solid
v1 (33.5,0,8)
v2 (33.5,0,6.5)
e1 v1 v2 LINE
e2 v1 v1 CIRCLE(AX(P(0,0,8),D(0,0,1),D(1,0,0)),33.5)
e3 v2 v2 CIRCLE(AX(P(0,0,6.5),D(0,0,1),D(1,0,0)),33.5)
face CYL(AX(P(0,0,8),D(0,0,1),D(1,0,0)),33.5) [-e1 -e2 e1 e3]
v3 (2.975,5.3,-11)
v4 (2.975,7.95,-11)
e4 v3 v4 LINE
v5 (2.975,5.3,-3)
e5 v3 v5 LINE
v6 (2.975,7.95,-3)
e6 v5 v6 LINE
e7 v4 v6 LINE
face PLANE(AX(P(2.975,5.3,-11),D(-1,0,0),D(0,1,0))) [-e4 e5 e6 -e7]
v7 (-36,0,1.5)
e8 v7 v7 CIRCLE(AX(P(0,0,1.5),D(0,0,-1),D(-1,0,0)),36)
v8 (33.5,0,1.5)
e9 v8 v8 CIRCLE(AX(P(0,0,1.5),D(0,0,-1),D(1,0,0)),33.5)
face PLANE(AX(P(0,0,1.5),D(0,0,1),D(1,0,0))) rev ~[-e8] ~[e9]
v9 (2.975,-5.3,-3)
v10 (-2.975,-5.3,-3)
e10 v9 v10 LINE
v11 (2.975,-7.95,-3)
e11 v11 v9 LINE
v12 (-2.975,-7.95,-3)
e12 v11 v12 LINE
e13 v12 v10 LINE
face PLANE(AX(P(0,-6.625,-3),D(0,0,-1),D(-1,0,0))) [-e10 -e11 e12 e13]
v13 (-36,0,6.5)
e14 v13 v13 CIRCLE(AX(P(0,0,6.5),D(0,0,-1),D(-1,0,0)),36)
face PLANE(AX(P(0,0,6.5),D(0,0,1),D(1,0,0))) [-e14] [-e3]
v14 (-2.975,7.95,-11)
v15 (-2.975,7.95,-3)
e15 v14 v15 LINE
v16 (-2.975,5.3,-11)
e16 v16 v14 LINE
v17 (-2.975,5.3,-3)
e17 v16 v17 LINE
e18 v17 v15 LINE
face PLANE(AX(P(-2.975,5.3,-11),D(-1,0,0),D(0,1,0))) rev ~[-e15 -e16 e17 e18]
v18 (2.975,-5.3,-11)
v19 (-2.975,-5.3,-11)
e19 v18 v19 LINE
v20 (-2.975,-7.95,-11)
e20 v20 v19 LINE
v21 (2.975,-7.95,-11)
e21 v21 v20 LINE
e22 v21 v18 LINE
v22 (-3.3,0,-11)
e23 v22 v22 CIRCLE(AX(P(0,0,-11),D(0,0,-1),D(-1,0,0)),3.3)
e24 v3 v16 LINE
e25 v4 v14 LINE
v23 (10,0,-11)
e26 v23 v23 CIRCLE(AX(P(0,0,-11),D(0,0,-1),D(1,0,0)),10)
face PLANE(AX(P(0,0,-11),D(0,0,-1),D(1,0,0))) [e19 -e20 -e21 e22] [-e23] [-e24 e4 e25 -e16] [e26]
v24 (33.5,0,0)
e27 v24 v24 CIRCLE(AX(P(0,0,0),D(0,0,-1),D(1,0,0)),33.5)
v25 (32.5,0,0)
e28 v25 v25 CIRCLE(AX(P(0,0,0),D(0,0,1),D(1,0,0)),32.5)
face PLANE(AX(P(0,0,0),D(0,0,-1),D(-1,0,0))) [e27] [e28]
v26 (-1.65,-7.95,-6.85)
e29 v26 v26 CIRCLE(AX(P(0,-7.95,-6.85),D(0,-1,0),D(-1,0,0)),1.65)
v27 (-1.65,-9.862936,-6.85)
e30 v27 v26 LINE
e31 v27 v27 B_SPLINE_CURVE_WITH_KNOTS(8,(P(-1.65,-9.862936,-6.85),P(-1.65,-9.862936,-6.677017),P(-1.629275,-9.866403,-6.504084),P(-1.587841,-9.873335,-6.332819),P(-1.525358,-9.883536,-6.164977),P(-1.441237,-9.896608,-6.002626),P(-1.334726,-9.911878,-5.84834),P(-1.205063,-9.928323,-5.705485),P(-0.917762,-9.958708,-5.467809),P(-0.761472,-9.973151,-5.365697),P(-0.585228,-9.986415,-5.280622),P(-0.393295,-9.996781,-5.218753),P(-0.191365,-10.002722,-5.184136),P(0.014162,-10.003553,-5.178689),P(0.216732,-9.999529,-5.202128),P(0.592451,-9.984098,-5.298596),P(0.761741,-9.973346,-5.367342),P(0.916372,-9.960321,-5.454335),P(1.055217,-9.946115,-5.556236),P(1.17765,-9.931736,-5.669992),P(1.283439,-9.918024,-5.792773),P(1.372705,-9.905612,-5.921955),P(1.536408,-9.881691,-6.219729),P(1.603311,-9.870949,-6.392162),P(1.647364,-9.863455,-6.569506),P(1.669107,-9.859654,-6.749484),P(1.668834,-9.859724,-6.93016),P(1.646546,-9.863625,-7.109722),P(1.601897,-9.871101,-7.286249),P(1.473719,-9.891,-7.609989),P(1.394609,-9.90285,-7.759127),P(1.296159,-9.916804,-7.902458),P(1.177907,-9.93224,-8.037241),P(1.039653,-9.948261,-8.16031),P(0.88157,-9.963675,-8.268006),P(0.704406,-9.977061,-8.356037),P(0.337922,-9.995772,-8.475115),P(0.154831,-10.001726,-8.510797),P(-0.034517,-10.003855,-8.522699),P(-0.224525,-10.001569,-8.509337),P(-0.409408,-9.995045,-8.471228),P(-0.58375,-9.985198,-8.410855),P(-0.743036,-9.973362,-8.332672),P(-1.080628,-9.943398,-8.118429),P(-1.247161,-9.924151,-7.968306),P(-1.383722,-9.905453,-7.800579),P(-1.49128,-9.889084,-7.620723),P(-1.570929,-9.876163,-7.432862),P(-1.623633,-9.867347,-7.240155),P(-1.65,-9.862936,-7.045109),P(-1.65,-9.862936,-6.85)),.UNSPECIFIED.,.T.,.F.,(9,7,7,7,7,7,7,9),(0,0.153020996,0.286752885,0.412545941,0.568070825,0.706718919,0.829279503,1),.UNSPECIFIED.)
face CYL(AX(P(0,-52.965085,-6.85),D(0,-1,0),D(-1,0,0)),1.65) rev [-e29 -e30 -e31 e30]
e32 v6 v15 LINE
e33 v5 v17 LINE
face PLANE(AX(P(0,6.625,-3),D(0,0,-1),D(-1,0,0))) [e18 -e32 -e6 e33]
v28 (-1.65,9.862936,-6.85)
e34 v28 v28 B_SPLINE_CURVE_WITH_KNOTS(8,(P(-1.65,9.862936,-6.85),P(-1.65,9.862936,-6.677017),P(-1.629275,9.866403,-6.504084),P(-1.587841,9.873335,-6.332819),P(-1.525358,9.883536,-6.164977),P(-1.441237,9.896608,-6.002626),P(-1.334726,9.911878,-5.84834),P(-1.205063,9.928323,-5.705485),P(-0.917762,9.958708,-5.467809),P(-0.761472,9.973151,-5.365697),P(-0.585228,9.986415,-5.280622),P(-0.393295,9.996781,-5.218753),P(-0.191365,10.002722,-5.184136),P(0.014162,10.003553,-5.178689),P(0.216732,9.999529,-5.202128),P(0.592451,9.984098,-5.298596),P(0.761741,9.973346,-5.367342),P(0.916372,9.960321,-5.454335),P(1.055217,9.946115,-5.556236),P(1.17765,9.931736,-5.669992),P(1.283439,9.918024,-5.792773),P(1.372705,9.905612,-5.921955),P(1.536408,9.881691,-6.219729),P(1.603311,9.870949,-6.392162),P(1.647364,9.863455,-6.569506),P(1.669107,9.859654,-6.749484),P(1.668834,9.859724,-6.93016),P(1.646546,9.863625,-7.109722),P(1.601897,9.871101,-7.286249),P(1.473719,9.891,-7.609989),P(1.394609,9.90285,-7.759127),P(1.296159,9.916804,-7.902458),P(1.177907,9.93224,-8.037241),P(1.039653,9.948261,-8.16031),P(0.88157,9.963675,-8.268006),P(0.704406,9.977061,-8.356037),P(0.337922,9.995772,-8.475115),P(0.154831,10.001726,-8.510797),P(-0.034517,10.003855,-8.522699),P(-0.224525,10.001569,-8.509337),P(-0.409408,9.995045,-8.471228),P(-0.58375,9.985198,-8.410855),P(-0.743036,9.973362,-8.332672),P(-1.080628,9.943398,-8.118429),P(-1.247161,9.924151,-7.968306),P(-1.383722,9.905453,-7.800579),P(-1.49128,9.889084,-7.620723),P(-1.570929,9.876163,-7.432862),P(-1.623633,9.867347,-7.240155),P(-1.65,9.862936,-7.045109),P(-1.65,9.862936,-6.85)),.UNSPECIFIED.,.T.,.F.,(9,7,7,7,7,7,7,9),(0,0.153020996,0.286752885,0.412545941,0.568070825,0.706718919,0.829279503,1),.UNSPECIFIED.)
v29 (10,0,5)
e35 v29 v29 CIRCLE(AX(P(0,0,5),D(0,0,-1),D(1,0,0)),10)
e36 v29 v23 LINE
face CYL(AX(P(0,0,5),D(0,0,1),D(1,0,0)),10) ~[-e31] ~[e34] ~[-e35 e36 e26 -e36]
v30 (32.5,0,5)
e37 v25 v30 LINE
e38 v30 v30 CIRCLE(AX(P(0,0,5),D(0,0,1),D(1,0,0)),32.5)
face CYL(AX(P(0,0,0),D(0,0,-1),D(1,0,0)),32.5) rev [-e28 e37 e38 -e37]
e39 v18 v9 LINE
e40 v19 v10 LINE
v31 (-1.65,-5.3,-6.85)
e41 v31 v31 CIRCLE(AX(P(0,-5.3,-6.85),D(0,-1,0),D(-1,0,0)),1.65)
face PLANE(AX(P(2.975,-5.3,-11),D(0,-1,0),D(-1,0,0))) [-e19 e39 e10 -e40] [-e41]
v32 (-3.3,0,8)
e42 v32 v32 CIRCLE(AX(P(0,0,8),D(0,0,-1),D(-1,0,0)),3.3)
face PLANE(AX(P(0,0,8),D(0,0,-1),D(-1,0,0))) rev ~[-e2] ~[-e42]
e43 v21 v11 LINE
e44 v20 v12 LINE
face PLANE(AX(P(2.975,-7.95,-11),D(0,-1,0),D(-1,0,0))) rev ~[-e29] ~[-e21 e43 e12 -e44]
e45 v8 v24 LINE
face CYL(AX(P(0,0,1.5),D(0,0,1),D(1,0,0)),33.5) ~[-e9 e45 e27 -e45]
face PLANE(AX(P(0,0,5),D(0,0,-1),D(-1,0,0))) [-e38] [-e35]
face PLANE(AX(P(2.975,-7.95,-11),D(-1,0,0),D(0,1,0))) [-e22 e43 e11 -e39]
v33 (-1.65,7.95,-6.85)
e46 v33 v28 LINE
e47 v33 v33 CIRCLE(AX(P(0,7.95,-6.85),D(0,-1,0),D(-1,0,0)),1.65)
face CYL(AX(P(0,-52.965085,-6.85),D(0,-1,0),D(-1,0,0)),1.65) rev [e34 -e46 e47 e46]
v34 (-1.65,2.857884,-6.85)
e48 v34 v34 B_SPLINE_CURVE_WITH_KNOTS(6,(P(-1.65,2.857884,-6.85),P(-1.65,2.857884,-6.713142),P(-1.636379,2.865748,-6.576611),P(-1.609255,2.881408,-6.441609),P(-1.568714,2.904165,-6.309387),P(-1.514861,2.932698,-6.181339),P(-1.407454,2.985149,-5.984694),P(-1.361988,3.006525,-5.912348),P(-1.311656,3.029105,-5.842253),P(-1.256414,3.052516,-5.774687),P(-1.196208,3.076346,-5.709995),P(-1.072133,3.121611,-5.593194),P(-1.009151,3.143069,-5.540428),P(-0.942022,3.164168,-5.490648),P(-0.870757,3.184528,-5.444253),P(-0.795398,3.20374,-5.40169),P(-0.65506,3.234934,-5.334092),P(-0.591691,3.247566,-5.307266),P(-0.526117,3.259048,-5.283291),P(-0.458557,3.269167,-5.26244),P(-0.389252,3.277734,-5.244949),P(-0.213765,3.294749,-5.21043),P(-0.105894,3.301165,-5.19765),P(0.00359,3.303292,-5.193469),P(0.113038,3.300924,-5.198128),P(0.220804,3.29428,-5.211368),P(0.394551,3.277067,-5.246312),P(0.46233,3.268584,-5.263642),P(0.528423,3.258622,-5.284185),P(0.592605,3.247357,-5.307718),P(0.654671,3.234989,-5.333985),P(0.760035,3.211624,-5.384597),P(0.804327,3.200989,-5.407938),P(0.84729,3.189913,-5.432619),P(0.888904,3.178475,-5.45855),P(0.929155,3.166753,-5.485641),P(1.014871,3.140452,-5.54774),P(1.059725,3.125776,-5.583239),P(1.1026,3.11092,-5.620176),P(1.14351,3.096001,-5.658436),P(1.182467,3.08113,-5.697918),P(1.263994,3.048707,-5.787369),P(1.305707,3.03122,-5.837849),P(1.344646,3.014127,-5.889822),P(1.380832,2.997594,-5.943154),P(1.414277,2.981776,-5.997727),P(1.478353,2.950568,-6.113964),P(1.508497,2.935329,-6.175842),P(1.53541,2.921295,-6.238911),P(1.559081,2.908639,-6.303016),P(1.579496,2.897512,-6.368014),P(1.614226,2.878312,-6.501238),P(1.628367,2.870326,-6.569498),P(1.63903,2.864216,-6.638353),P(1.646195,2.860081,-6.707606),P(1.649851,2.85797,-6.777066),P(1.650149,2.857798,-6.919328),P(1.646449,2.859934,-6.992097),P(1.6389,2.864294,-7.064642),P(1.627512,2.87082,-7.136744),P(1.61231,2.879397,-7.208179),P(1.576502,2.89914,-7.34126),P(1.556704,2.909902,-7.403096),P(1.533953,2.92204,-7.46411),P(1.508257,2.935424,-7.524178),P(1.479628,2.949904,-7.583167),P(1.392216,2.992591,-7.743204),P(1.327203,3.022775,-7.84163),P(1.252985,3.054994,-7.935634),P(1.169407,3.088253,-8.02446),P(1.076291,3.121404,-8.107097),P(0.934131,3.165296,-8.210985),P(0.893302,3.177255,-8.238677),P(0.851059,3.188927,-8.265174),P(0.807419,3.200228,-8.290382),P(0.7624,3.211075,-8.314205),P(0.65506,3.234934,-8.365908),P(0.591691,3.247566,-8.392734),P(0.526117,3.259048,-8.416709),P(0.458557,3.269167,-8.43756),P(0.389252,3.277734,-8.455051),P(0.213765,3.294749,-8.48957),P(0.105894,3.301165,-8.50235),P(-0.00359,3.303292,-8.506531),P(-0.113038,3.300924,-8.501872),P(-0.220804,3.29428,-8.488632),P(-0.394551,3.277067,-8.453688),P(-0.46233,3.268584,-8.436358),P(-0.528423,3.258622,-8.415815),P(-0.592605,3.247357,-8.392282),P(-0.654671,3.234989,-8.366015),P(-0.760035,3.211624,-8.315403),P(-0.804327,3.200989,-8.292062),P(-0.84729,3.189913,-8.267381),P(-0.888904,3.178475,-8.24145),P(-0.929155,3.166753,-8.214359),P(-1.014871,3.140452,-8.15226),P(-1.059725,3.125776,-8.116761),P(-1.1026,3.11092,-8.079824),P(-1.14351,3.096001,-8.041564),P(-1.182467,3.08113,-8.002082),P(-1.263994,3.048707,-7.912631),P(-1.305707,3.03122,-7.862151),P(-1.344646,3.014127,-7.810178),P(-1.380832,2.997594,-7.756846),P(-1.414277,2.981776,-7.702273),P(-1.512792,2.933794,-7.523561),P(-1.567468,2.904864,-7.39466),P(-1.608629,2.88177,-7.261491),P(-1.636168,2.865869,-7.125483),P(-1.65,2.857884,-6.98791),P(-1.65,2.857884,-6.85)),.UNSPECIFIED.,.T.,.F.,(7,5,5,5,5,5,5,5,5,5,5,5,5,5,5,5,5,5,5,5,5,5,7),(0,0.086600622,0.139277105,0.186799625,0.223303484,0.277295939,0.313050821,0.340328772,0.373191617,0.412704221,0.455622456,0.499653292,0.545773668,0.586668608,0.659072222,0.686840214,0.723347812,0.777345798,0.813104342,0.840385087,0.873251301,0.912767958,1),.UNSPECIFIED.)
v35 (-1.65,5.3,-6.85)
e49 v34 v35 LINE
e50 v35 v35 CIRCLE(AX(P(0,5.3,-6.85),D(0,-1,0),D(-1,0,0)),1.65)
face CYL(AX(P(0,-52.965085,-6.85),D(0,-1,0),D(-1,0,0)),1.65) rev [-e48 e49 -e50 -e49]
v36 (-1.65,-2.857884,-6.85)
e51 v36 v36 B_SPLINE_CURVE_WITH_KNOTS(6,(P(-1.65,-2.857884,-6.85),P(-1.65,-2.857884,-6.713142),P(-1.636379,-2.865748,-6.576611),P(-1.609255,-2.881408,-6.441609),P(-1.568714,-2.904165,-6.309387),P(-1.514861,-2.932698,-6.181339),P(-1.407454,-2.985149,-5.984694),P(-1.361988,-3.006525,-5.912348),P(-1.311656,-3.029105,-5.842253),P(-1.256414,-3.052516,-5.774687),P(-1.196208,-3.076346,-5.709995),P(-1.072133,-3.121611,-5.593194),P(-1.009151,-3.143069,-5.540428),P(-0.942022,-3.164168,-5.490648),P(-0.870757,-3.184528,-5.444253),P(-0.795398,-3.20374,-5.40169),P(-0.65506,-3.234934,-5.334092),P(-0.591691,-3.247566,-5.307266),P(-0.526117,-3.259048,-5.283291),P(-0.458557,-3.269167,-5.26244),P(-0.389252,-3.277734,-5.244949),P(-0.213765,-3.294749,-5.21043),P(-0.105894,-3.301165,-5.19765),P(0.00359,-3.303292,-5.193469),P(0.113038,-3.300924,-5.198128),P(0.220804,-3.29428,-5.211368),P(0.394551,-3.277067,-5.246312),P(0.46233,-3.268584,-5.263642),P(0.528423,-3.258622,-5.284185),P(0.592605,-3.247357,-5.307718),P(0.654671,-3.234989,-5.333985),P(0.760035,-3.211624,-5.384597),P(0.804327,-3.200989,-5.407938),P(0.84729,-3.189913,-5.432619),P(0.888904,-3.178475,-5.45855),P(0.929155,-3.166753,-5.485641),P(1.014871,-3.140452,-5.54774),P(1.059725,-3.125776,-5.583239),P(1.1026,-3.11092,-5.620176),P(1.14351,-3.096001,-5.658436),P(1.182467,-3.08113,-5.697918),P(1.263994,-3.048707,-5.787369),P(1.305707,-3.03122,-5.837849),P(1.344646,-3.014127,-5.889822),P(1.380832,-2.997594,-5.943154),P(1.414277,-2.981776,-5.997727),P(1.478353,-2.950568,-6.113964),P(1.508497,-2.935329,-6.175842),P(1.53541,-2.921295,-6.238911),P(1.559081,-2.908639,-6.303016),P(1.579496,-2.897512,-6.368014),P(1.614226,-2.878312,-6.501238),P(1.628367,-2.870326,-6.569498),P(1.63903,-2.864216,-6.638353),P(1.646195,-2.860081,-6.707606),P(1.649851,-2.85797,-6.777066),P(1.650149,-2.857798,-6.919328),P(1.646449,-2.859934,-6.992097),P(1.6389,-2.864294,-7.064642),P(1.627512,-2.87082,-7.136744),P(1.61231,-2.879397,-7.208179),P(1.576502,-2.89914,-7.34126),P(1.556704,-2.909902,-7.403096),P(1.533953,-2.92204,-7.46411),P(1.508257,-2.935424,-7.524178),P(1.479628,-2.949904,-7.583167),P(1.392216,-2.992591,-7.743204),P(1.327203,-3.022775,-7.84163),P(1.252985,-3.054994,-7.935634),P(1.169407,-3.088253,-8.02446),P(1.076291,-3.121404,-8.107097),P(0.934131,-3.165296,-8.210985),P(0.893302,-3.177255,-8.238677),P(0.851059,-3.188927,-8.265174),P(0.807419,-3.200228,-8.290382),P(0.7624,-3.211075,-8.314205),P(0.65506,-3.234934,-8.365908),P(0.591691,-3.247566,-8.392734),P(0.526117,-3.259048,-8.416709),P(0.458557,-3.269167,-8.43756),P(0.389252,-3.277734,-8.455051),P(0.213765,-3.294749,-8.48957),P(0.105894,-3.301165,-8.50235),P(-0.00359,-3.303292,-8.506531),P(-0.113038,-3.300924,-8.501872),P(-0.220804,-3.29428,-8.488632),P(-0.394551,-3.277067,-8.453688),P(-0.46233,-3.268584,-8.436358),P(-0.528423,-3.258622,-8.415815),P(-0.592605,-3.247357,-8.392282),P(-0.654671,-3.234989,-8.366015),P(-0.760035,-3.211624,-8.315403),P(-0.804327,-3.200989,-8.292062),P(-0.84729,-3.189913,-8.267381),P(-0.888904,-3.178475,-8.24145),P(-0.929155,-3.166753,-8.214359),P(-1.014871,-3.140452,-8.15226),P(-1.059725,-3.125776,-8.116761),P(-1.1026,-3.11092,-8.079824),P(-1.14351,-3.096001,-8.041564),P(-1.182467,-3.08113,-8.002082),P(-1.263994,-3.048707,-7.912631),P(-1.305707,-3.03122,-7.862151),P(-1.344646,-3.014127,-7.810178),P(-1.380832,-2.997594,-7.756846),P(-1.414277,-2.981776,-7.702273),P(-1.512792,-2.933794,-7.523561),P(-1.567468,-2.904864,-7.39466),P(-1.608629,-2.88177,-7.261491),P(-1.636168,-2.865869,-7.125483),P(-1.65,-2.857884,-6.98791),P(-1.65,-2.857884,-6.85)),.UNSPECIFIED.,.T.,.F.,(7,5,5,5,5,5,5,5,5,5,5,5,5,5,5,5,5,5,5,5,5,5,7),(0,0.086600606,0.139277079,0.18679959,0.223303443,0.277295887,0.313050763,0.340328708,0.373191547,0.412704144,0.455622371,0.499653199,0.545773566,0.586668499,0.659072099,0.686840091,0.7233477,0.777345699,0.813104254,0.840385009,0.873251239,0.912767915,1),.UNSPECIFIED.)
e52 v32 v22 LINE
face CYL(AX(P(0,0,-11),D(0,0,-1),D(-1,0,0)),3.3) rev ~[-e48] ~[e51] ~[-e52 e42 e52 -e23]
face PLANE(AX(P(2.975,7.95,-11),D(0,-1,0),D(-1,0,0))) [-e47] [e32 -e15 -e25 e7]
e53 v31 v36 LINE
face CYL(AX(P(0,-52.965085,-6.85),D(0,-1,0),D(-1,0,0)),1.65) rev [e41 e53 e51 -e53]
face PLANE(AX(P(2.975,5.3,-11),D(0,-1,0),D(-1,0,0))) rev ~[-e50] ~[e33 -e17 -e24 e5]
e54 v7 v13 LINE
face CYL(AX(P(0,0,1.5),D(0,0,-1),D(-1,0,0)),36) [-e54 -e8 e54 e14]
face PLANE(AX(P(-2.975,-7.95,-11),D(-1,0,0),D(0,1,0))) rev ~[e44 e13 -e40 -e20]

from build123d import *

# Parameters (mm, degrees)
ESBO_O1_R                     = 35
ESBO_O1_R_2                   = 32.5
RESSALTO_EXTRUS_O1_DEPTH      = 8
RESSALTO_EXTRUS_O2_START      = -3
ESBO_O2_R                     = 32.5
RESSALTO_EXTRUS_O2_DEPTH      = 3
ESBO_O3_R                     = 2.5
CORTE_EXTRUS_O1_DEPTH         = 3
RESSALTO_EXTRUS_O3_DEPTH      = 5
RESSALTO_EXTRUS_O3_DEPTH_BACK = 3
ESBO_O4_R                     = 37
ESBO_O4_R_2                   = 35
ESBO_O5_W                     = 1.8
ESBO_O5_H                     = 3
ESBO_O6_R                     = 12.55
RESSALTO_EXTRUS_O4_DEPTH      = 5
CORTE_EXTRUS_O2_DEPTH         = 53.933921071
CORTE_EXTRUS_O2_DEPTH_BACK    = 53.933921071
ESBO_O7_R                     = 7.55
RESSALTO_EXTRUS_O5_START      = -8
ESBO_O8_R                     = 37
ESBO_O8_R_2                   = 32.5
RESSALTO_EXTRUS_O5_DEPTH      = 8
ESBO_O9_R                     = 37
ESBO_O9_R_2                   = 33.5
CORTE_EXTRUS_O8_DEPTH         = 1.5
CORTE_EXTRUS_O9_START         = -1.5
ESBO_O12_R                    = 37
ESBO_O12_R_2                  = 33.5
CORTE_EXTRUS_O9_DEPTH         = 1.5
CORTE_EXTRUS_O10_START        = -10
ESBO_O13_R                    = 37
ESBO_O13_R_2                  = 36
CORTE_EXTRUS_O10_DEPTH        = 10
ESBO_O14_R                    = 37
ESBO_O14_R_2                  = 36
RESSALTO_EXTRUS_O6_DEPTH      = 5
ESBO_O15_R                    = 12.55
CORTE_EXTRUS_O11_DEPTH        = 53.933921071
ESBO_O16_R                    = 12.55
RESSALTO_EXTRUS_O7_DEPTH      = 3
ESBO_O17_R                    = 10
RESSALTO_EXTRUS_O8_DEPTH      = 16
ESBO_O18_R                    = 3.3
CORTE_EXTRUS_O12_DEPTH        = 16
ESBO_O19_W                    = 5.95
ESBO_O19_H                    = 2.65
CORTE_EXTRUS_O13_DEPTH        = 8
CORTE_EXTRUS_O14_DEPTH        = 58.265085349
CORTE_EXTRUS_O14_DEPTH_BACK   = 58.265085349
ESBO_O21_R                    = 1.65
ESBO_O23_R                    = 37
ESBO_O23_R_2                  = 36
CORTE_EXTRUS_O15_DEPTH        = 54.798234195
ESBO_O24_R                    = 3.3
CORTE_EXTRUS_O16_DEPTH        = 55.341512677


with BuildPart() as part:
    # Esboço1 → Ressalto-extrusão1 (new body)
    with BuildSketch(Plane.XY):
        Circle(ESBO_O1_R)
        Circle(ESBO_O1_R_2, mode=Mode.SUBTRACT)
    extrude(amount=RESSALTO_EXTRUS_O1_DEPTH)

    # Esboço2 → Ressalto-extrusão2 (add)
    with BuildSketch(Plane.XY.offset(8).offset(RESSALTO_EXTRUS_O2_START)):
        Circle(ESBO_O2_R)
    extrude(amount=RESSALTO_EXTRUS_O2_DEPTH)

    # Esboço3 → Corte-extrusão1 (cut)
    with BuildSketch(Plane.XY.offset(8)):
        Circle(ESBO_O3_R)
    extrude(amount=-CORTE_EXTRUS_O1_DEPTH, mode=Mode.SUBTRACT)

    # Esboço4 → Ressalto-extrusão3 (add, two sides: drawn at the far end of the back side and taken through both)
    with BuildSketch(Plane(origin=(0, 0, 5), x_dir=(-1, 0, 0), z_dir=(0, 0, -1)).offset(-RESSALTO_EXTRUS_O3_DEPTH_BACK)):
        Circle(ESBO_O4_R)
        Circle(ESBO_O4_R_2, mode=Mode.SUBTRACT)
    extrude(amount=RESSALTO_EXTRUS_O3_DEPTH + RESSALTO_EXTRUS_O3_DEPTH_BACK)

    # Esboço5 → Corte-Revolução1 (revolve, cut)
    with BuildSketch(Plane(origin=(0, 0, 0), x_dir=(1, 0, 0), z_dir=(0, 1, 0))):
        with Locations((-36.1, -2.5)):
            Rectangle(ESBO_O5_W, ESBO_O5_H)
        with Locations((-36.1, -5.5)):
            Rectangle(ESBO_O5_W, ESBO_O5_H)
    revolve(axis=Axis((0, 0, 8), (0, 0, -1)), mode=Mode.SUBTRACT)

    # Esboço6 → Ressalto-extrusão4 (add)
    with BuildSketch(Plane(origin=(0, 0, 5), x_dir=(-1, 0, 0), z_dir=(0, 0, -1))):
        with Locations(Location((0, 0, 0), (0, 0, 180))):
            Circle(ESBO_O6_R)
    extrude(amount=RESSALTO_EXTRUS_O4_DEPTH)

    # Esboço7 → Corte-extrusão2 (cut, two sides: drawn at the far end of the back side and taken through both)
    with BuildSketch(Plane(origin=(0, 0, 0), x_dir=(-1, 0, 0), z_dir=(0, 0, -1)).offset(-CORTE_EXTRUS_O2_DEPTH_BACK)):
        Circle(ESBO_O7_R)
    extrude(amount=CORTE_EXTRUS_O2_DEPTH + CORTE_EXTRUS_O2_DEPTH_BACK, mode=Mode.SUBTRACT)

    # Esboço8 → Ressalto-extrusão5 (add)
    with BuildSketch(Plane.XY.offset(8).offset(RESSALTO_EXTRUS_O5_START)):
        with Locations(Location((0, 0, 0), (0, 0, 180))):
            Circle(ESBO_O8_R)
        Circle(ESBO_O8_R_2, mode=Mode.SUBTRACT)
    extrude(amount=RESSALTO_EXTRUS_O5_DEPTH)

    # Esboço9 → Corte-extrusão8 (cut)
    with BuildSketch(Plane.XY.offset(8)):
        with Locations(Location((0, 0, 0), (0, 0, 180))):
            Circle(ESBO_O9_R)
        Circle(ESBO_O9_R_2, mode=Mode.SUBTRACT)
    extrude(amount=-CORTE_EXTRUS_O8_DEPTH, mode=Mode.SUBTRACT)

    # Esboço12 → Corte-extrusão9 (cut)
    with BuildSketch(Plane(origin=(0, 0, 0), x_dir=(-1, 0, 0), z_dir=(0, 0, -1)).offset(CORTE_EXTRUS_O9_START)):
        Circle(ESBO_O12_R)
        with Locations(Location((0, 0, 0), (0, 0, 180))):
            Circle(ESBO_O12_R_2, mode=Mode.SUBTRACT)
    extrude(amount=CORTE_EXTRUS_O9_DEPTH, mode=Mode.SUBTRACT)

    # Esboço13 → Corte-extrusão10 (cut)
    with BuildSketch(Plane(origin=(0, 0, 1.5), x_dir=(-1, 0, 0), z_dir=(0, 0, -1)).offset(CORTE_EXTRUS_O10_START)):
        Circle(ESBO_O13_R)
        Circle(ESBO_O13_R_2, mode=Mode.SUBTRACT)
    extrude(amount=CORTE_EXTRUS_O10_DEPTH, mode=Mode.SUBTRACT)

    # Esboço14 → Ressalto-extrusão6 (add)
    with BuildSketch(Plane.XY.offset(6.5)):
        Circle(ESBO_O14_R)
        Circle(ESBO_O14_R_2, mode=Mode.SUBTRACT)
    extrude(amount=-RESSALTO_EXTRUS_O6_DEPTH)

    # Esboço15 → Corte-extrusão11 (cut, through all)
    with BuildSketch(Plane(origin=(0, 0, 0), x_dir=(-1, 0, 0), z_dir=(0, 0, -1))):
        Circle(ESBO_O15_R)
    extrude(amount=-CORTE_EXTRUS_O11_DEPTH, mode=Mode.SUBTRACT)

    # Esboço16 → Ressalto-extrusão7 (add, through all)
    with BuildSketch(Plane(origin=(0, 0, 5), x_dir=(-1, 0, 0), z_dir=(0, 0, -1))):
        Circle(ESBO_O16_R)
    extrude(amount=-RESSALTO_EXTRUS_O7_DEPTH)

    # Esboço17 → Ressalto-extrusão8 (add)
    with BuildSketch(Plane(origin=(0, 0, 5), x_dir=(-1, 0, 0), z_dir=(0, 0, -1))):
        with Locations(Location((0, 0, 0), (0, 0, 180))):
            Circle(ESBO_O17_R)
    extrude(amount=RESSALTO_EXTRUS_O8_DEPTH)

    # Esboço18 → Corte-extrusão12 (cut)
    with BuildSketch(Plane(origin=(0, 0, -11), x_dir=(-1, 0, 0), z_dir=(0, 0, -1))):
        Circle(ESBO_O18_R)
    extrude(amount=-CORTE_EXTRUS_O12_DEPTH, mode=Mode.SUBTRACT)

    # Esboço19 → Corte-extrusão13 (cut)
    with BuildSketch(Plane(origin=(0, 0, -11), x_dir=(-1, 0, 0), z_dir=(0, 0, -1))):
        with Locations((0, -6.625)):
            Rectangle(ESBO_O19_W, ESBO_O19_H)
        with Locations((0, 6.625)):
            Rectangle(ESBO_O19_W, ESBO_O19_H)
    extrude(amount=-CORTE_EXTRUS_O13_DEPTH, mode=Mode.SUBTRACT)

    # Esboço21 → Corte-extrusão14 (cut, two sides: drawn at the far end of the back side and taken through both)
    with BuildSketch(Plane(origin=(0, 5.3, 0), x_dir=(1, 0, 0), z_dir=(0, 1, 0)).offset(-CORTE_EXTRUS_O14_DEPTH_BACK)):
        with Locations(Location((0, 6.85, 0), (0, 0, 180))):
            Circle(ESBO_O21_R)
    extrude(amount=CORTE_EXTRUS_O14_DEPTH + CORTE_EXTRUS_O14_DEPTH_BACK, mode=Mode.SUBTRACT)

    # Esboço23 → Corte-extrusão15 (cut, through all)
    with BuildSketch(Plane(origin=(0, 0, 1.5), x_dir=(-1, 0, 0), z_dir=(0, 0, -1))):
        Circle(ESBO_O23_R)
        Circle(ESBO_O23_R_2, mode=Mode.SUBTRACT)
    extrude(amount=-CORTE_EXTRUS_O15_DEPTH, mode=Mode.SUBTRACT)

    # Esboço24 → Corte-extrusão16 (cut, through all)
    with BuildSketch(Plane(origin=(0, 0, -11), x_dir=(-1, 0, 0), z_dir=(0, 0, -1))):
        Circle(ESBO_O24_R)
    extrude(amount=-CORTE_EXTRUS_O16_DEPTH, mode=Mode.SUBTRACT)


solid = part.part
